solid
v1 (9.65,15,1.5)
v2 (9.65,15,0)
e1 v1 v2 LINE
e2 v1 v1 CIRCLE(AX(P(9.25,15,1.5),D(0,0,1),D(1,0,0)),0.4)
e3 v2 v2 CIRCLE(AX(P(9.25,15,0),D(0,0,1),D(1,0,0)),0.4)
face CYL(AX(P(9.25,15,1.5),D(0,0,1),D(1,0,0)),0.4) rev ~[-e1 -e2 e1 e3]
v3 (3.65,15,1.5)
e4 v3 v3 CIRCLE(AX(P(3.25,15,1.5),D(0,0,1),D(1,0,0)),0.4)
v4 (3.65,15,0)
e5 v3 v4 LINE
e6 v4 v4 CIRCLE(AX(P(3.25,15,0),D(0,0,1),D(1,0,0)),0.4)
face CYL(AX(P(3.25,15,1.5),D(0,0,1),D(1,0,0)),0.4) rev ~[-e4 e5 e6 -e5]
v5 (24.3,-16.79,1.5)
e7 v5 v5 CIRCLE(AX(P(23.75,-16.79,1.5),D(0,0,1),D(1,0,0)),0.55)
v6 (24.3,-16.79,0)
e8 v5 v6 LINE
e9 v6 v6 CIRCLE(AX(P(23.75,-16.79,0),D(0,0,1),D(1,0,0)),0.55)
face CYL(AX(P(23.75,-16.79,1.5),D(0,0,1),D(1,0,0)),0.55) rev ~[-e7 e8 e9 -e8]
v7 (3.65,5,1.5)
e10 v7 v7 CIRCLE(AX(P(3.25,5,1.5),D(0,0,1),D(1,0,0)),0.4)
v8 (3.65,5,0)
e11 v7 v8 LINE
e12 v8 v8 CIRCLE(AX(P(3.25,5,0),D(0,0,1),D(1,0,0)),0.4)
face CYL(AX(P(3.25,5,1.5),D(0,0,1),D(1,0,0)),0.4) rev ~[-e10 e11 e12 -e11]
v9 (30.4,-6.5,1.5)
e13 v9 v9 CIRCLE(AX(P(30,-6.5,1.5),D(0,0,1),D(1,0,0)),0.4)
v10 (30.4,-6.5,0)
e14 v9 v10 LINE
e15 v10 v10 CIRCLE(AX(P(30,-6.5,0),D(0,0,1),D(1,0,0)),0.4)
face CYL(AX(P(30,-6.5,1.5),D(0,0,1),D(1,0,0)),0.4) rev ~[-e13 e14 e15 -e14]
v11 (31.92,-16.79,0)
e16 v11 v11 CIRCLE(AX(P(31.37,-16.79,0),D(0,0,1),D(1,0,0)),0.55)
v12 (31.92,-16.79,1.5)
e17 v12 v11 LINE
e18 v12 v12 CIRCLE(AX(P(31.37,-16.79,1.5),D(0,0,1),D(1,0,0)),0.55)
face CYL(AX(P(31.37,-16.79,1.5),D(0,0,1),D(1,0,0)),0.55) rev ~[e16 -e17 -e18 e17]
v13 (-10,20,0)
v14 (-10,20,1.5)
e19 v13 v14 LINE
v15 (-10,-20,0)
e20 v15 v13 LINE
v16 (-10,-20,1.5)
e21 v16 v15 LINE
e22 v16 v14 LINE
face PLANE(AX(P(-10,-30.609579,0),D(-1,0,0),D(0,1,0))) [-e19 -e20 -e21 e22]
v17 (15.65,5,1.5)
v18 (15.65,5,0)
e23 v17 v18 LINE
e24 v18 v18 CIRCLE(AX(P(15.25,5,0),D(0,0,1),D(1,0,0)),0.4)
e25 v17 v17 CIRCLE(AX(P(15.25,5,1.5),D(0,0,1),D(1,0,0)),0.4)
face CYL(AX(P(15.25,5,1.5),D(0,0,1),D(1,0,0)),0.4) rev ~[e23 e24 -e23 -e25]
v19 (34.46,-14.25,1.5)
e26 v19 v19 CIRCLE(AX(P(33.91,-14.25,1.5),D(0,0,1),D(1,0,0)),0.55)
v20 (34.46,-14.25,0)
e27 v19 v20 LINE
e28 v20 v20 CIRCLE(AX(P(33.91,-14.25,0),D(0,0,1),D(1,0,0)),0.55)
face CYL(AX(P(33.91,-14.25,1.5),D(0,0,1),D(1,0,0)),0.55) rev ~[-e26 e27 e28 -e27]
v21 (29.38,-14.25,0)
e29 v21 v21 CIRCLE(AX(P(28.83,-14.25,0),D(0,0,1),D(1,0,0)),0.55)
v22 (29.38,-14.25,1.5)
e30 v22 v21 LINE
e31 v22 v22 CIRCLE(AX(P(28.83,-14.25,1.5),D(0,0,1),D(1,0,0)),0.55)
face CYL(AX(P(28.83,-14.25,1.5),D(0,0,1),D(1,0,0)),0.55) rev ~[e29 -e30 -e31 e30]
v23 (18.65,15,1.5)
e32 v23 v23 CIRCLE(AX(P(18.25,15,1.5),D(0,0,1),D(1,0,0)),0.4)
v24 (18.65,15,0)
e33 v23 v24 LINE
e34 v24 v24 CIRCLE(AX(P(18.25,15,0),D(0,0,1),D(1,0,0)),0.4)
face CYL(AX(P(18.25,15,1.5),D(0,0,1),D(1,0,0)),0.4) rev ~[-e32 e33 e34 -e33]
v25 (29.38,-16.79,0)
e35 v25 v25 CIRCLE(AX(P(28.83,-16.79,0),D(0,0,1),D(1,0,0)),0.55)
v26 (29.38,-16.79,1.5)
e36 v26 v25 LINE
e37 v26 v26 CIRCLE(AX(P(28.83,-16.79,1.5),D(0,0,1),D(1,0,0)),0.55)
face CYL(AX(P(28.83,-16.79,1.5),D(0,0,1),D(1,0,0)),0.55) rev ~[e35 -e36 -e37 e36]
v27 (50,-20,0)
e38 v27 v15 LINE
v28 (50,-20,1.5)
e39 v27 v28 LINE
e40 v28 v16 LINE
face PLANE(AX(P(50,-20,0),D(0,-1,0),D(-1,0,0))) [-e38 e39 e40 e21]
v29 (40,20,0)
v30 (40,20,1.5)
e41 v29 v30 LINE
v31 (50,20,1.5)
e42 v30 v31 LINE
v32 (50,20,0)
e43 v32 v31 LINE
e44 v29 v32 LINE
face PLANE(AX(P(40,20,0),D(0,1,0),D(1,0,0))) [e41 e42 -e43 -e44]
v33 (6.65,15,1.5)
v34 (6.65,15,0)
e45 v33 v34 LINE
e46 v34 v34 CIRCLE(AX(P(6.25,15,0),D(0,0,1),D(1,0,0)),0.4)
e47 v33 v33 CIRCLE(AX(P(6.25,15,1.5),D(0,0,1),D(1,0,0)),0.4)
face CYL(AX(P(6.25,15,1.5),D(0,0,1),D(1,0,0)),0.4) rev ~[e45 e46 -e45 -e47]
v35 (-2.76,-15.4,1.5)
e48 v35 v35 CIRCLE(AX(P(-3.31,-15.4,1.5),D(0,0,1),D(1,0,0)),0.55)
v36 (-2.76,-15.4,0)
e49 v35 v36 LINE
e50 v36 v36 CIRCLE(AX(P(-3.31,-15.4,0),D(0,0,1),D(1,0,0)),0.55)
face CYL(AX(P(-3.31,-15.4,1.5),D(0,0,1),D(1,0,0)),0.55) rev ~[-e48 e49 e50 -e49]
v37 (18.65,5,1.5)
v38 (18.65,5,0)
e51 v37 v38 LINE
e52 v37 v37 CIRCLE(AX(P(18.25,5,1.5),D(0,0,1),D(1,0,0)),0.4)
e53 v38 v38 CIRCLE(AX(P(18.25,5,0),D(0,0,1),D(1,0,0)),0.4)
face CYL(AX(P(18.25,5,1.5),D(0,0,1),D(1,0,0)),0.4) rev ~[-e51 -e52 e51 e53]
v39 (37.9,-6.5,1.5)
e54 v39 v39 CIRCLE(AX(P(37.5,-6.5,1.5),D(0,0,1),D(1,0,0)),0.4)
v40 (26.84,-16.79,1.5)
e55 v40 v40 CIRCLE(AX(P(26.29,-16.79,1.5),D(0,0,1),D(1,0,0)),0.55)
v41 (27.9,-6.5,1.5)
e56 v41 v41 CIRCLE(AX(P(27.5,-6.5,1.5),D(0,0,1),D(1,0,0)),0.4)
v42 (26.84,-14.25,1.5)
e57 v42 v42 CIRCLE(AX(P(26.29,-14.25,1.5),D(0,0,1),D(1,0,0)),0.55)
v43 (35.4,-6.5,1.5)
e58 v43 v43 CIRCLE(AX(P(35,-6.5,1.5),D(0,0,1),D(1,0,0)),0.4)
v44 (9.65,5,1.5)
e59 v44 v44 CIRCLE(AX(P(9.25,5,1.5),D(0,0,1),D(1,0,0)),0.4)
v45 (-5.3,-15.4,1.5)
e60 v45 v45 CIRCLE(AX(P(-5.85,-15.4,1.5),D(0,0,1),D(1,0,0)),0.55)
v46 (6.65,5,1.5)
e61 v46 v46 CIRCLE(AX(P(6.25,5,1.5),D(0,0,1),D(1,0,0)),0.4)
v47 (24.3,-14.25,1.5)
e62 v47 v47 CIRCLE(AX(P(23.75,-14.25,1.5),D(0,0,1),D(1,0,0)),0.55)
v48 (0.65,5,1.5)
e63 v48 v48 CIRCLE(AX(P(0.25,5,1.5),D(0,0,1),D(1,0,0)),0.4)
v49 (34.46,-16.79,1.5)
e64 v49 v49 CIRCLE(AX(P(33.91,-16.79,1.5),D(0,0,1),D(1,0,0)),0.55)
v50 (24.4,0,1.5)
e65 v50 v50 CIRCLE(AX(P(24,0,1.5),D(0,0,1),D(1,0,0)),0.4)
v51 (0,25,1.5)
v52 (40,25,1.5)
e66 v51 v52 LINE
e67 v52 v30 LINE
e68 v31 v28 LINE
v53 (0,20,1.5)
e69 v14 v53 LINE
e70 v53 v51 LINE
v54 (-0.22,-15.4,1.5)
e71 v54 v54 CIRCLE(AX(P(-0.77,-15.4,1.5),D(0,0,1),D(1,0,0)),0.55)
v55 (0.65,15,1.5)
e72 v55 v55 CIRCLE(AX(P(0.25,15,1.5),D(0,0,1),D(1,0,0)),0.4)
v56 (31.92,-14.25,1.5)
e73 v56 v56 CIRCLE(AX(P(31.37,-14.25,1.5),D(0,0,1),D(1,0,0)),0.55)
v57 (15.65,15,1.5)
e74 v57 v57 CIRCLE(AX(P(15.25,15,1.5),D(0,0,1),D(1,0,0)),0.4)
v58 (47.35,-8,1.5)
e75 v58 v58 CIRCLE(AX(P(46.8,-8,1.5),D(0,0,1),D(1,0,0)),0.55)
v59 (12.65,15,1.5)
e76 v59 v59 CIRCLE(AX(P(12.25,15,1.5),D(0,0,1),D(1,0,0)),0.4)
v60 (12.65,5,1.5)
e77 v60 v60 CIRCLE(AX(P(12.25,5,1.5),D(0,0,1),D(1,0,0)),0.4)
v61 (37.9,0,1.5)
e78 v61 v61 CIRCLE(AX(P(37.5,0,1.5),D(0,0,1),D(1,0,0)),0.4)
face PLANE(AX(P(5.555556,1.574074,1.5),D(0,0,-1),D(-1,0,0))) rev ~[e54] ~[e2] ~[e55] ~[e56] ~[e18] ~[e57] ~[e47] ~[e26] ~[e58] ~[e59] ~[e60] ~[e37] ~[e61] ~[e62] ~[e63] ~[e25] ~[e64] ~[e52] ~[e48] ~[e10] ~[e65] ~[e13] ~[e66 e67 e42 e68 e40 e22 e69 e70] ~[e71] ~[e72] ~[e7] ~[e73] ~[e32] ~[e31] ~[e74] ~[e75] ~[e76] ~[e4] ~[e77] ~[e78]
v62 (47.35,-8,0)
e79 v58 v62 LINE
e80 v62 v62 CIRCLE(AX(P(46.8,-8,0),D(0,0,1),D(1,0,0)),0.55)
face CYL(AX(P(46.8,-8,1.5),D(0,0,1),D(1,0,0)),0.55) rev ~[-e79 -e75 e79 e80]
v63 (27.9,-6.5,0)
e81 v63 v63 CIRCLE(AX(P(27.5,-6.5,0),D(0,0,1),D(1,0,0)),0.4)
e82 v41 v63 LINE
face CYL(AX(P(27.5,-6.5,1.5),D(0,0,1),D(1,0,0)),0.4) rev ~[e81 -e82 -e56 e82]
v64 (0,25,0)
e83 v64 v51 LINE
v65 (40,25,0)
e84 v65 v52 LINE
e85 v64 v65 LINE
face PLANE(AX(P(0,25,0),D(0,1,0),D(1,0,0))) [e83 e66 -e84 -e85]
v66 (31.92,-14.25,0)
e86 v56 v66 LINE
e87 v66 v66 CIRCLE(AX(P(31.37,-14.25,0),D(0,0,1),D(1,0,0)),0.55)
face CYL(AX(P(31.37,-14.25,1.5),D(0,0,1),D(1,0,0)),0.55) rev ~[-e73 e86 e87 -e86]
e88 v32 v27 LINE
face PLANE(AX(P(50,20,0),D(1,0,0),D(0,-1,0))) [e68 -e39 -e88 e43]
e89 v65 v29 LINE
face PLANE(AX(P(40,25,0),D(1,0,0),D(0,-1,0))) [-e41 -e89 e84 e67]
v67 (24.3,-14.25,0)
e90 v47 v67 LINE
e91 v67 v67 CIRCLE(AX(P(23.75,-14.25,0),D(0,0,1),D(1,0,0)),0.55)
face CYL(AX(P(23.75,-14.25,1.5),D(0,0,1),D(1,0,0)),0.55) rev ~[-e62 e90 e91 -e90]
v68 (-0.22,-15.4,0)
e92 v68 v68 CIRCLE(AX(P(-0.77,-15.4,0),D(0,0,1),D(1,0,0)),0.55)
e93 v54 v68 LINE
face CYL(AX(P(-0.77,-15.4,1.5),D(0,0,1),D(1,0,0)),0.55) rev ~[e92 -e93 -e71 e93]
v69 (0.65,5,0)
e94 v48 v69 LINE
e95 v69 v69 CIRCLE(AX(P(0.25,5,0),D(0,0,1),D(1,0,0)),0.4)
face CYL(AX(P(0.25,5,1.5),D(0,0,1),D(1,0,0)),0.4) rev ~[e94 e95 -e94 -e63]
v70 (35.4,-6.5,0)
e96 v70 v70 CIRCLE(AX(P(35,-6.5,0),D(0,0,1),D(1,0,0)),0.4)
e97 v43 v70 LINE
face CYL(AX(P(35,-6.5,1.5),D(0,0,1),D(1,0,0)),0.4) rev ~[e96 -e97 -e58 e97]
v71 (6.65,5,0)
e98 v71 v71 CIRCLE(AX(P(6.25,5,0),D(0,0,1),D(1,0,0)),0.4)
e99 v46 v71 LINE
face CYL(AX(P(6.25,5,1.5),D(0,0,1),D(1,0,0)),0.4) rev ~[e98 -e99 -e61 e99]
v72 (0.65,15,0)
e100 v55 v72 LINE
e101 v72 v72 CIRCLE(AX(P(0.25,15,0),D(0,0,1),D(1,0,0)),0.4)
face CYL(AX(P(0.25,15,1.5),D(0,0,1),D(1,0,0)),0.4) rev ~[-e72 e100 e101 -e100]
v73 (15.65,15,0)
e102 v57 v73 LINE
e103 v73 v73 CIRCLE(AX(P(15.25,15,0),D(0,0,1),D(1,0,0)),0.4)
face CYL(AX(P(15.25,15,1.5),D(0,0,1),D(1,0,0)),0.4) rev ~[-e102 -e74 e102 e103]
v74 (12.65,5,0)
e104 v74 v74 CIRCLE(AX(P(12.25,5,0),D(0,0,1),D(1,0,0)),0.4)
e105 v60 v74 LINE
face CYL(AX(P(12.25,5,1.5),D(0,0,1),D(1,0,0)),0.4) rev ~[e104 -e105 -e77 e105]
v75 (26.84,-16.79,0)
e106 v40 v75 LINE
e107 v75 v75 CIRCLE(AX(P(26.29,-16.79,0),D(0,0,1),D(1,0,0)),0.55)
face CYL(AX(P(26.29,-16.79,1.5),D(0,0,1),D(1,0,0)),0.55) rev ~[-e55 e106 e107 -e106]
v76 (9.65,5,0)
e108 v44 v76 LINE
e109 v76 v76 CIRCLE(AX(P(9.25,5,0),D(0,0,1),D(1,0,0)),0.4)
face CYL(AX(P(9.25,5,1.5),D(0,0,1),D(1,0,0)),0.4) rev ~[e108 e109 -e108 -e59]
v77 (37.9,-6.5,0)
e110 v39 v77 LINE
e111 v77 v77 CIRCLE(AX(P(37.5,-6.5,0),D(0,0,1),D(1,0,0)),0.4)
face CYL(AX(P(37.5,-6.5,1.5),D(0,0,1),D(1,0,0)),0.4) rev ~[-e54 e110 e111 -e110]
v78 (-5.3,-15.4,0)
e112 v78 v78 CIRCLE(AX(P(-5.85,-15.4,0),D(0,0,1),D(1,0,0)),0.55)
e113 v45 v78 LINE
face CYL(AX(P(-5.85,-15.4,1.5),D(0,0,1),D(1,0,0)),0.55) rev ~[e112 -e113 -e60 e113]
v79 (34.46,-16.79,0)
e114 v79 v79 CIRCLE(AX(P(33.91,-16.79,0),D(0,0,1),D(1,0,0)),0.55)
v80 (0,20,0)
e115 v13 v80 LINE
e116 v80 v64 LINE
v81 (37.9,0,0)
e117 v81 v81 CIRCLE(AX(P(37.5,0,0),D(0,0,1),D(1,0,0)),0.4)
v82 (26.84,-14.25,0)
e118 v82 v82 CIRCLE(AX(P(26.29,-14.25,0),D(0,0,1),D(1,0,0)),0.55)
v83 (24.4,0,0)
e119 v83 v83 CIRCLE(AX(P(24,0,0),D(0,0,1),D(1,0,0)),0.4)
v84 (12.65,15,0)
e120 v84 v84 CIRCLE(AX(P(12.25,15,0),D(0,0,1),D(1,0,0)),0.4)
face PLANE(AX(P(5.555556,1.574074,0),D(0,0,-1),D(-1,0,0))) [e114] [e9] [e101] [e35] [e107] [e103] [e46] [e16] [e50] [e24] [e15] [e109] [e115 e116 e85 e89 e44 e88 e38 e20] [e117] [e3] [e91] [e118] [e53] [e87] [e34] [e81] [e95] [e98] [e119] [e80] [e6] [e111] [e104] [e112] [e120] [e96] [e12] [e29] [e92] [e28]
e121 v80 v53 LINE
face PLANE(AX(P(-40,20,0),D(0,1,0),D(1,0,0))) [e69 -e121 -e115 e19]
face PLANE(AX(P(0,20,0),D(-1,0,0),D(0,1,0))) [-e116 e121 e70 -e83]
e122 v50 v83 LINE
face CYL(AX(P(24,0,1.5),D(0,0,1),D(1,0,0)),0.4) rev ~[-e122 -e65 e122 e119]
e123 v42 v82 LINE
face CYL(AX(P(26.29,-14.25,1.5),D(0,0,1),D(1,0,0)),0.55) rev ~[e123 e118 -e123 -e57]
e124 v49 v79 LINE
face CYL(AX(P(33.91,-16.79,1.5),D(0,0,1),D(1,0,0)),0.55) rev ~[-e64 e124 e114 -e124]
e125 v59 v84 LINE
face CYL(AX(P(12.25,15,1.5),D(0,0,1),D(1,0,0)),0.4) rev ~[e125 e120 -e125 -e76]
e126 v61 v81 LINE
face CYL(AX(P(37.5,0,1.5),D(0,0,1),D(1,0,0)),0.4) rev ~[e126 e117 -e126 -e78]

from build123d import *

# Parameters (mm, degrees)
EXTRUDE_1_DEPTH     = 1.5
SKETCH_2_R          = 0.55
CUT_EXTRUDE_1_DEPTH = 1.5
SKETCH_3_R          = 0.4
CUT_EXTRUDE_2_DEPTH = 10
SKETCH_6_R          = 0.4
CUT_EXTRUDE_4_DEPTH = 10
SKETCH_7_W          = 32.724153791
SKETCH_7_H          = 59.56032811
CUT_EXTRUDE_5_DEPTH = 10
SKETCH_8_R          = 0.55
CUT_EXTRUDE_6_DEPTH = 10


with BuildPart() as part:
    # Эскиз1 → Вытянуть1 (new body)
    with BuildSketch(Plane.XY):
        Polygon((0, 20), (0, 25), (40, 25), (40, 20), (50, 20), (50, -20), (-40, -20), (-40, 20), align=None)
    extrude(amount=EXTRUDE_1_DEPTH)

    # Эскиз2 → Вырез-Вытянуть1 (cut)
    with BuildSketch(Plane.XY.offset(1.5)):
        with Locations((-5.85, -15.4)):
            Circle(SKETCH_2_R)
        with Locations((-0.77, -15.4)):
            Circle(SKETCH_2_R)
        with Locations((-3.31, -15.4)):
            Circle(SKETCH_2_R)
        with Locations((23.75, -14.25)):
            Circle(SKETCH_2_R)
        with Locations((23.75, -16.79)):
            Circle(SKETCH_2_R)
        with Locations((26.29, -14.25)):
            Circle(SKETCH_2_R)
        with Locations((26.29, -16.79)):
            Circle(SKETCH_2_R)
        with Locations((28.83, -14.25)):
            Circle(SKETCH_2_R)
        with Locations((28.83, -16.79)):
            Circle(SKETCH_2_R)
        with Locations((31.37, -14.25)):
            Circle(SKETCH_2_R)
        with Locations((31.37, -16.79)):
            Circle(SKETCH_2_R)
        with Locations((33.91, -14.25)):
            Circle(SKETCH_2_R)
        with Locations((33.91, -16.79)):
            Circle(SKETCH_2_R)
    extrude(amount=-CUT_EXTRUDE_1_DEPTH, mode=Mode.SUBTRACT)

    # Эскиз3 → Вырез-Вытянуть2 (cut)
    with BuildSketch(Plane.XY.offset(1.5)):
        with Locations((37.5, -6.5)):
            Circle(SKETCH_3_R)
        with Locations((30, -6.5)):
            Circle(SKETCH_3_R)
        with Locations((0.25, 15)):
            Circle(SKETCH_3_R)
        with Locations((0.25, 5)):
            Circle(SKETCH_3_R)
        with Locations((3.25, 15)):
            Circle(SKETCH_3_R)
        with Locations((3.25, 5)):
            Circle(SKETCH_3_R)
        with Locations((6.25, 15)):
            Circle(SKETCH_3_R)
        with Locations((6.25, 5)):
            Circle(SKETCH_3_R)
        with Locations((9.25, 15)):
            Circle(SKETCH_3_R)
        with Locations((9.25, 5)):
            Circle(SKETCH_3_R)
        with Locations((12.25, 15)):
            Circle(SKETCH_3_R)
        with Locations((12.25, 5)):
            Circle(SKETCH_3_R)
        with Locations((15.25, 15)):
            Circle(SKETCH_3_R)
        with Locations((15.25, 5)):
            Circle(SKETCH_3_R)
        with Locations((18.25, 15)):
            Circle(SKETCH_3_R)
        with Locations((18.25, 5)):
            Circle(SKETCH_3_R)
        with Locations((35, -6.5)):
            Circle(SKETCH_3_R)
        with Locations((27.5, -6.5)):
            Circle(SKETCH_3_R)
    extrude(amount=-CUT_EXTRUDE_2_DEPTH, mode=Mode.SUBTRACT)

    # Эскиз6 → Вырез-Вытянуть4 (cut)
    with BuildSketch(Plane.XY.offset(1.5)):
        with Locations((24, 0)):
            Circle(SKETCH_6_R)
        with Locations((37.5, 0)):
            Circle(SKETCH_6_R)
    extrude(amount=-CUT_EXTRUDE_4_DEPTH, mode=Mode.SUBTRACT)

    # Эскиз7 → Вырез-Вытянуть5 (cut)
    with BuildSketch(Plane(origin=(0, 0, 0), x_dir=(-1, 0, 0), z_dir=(0, 0, -1))):
        with Locations((26.362076896, -0.829414575)):
            Rectangle(SKETCH_7_W, SKETCH_7_H)
    extrude(amount=-CUT_EXTRUDE_5_DEPTH, mode=Mode.SUBTRACT)

    # Эскиз8 → Вырез-Вытянуть6 (cut)
    with BuildSketch(Plane.XY.offset(1.5)):
        with Locations((46.8, -8)):
            Circle(SKETCH_8_R)
    extrude(amount=-CUT_EXTRUDE_6_DEPTH, mode=Mode.SUBTRACT)


solid = part.part
